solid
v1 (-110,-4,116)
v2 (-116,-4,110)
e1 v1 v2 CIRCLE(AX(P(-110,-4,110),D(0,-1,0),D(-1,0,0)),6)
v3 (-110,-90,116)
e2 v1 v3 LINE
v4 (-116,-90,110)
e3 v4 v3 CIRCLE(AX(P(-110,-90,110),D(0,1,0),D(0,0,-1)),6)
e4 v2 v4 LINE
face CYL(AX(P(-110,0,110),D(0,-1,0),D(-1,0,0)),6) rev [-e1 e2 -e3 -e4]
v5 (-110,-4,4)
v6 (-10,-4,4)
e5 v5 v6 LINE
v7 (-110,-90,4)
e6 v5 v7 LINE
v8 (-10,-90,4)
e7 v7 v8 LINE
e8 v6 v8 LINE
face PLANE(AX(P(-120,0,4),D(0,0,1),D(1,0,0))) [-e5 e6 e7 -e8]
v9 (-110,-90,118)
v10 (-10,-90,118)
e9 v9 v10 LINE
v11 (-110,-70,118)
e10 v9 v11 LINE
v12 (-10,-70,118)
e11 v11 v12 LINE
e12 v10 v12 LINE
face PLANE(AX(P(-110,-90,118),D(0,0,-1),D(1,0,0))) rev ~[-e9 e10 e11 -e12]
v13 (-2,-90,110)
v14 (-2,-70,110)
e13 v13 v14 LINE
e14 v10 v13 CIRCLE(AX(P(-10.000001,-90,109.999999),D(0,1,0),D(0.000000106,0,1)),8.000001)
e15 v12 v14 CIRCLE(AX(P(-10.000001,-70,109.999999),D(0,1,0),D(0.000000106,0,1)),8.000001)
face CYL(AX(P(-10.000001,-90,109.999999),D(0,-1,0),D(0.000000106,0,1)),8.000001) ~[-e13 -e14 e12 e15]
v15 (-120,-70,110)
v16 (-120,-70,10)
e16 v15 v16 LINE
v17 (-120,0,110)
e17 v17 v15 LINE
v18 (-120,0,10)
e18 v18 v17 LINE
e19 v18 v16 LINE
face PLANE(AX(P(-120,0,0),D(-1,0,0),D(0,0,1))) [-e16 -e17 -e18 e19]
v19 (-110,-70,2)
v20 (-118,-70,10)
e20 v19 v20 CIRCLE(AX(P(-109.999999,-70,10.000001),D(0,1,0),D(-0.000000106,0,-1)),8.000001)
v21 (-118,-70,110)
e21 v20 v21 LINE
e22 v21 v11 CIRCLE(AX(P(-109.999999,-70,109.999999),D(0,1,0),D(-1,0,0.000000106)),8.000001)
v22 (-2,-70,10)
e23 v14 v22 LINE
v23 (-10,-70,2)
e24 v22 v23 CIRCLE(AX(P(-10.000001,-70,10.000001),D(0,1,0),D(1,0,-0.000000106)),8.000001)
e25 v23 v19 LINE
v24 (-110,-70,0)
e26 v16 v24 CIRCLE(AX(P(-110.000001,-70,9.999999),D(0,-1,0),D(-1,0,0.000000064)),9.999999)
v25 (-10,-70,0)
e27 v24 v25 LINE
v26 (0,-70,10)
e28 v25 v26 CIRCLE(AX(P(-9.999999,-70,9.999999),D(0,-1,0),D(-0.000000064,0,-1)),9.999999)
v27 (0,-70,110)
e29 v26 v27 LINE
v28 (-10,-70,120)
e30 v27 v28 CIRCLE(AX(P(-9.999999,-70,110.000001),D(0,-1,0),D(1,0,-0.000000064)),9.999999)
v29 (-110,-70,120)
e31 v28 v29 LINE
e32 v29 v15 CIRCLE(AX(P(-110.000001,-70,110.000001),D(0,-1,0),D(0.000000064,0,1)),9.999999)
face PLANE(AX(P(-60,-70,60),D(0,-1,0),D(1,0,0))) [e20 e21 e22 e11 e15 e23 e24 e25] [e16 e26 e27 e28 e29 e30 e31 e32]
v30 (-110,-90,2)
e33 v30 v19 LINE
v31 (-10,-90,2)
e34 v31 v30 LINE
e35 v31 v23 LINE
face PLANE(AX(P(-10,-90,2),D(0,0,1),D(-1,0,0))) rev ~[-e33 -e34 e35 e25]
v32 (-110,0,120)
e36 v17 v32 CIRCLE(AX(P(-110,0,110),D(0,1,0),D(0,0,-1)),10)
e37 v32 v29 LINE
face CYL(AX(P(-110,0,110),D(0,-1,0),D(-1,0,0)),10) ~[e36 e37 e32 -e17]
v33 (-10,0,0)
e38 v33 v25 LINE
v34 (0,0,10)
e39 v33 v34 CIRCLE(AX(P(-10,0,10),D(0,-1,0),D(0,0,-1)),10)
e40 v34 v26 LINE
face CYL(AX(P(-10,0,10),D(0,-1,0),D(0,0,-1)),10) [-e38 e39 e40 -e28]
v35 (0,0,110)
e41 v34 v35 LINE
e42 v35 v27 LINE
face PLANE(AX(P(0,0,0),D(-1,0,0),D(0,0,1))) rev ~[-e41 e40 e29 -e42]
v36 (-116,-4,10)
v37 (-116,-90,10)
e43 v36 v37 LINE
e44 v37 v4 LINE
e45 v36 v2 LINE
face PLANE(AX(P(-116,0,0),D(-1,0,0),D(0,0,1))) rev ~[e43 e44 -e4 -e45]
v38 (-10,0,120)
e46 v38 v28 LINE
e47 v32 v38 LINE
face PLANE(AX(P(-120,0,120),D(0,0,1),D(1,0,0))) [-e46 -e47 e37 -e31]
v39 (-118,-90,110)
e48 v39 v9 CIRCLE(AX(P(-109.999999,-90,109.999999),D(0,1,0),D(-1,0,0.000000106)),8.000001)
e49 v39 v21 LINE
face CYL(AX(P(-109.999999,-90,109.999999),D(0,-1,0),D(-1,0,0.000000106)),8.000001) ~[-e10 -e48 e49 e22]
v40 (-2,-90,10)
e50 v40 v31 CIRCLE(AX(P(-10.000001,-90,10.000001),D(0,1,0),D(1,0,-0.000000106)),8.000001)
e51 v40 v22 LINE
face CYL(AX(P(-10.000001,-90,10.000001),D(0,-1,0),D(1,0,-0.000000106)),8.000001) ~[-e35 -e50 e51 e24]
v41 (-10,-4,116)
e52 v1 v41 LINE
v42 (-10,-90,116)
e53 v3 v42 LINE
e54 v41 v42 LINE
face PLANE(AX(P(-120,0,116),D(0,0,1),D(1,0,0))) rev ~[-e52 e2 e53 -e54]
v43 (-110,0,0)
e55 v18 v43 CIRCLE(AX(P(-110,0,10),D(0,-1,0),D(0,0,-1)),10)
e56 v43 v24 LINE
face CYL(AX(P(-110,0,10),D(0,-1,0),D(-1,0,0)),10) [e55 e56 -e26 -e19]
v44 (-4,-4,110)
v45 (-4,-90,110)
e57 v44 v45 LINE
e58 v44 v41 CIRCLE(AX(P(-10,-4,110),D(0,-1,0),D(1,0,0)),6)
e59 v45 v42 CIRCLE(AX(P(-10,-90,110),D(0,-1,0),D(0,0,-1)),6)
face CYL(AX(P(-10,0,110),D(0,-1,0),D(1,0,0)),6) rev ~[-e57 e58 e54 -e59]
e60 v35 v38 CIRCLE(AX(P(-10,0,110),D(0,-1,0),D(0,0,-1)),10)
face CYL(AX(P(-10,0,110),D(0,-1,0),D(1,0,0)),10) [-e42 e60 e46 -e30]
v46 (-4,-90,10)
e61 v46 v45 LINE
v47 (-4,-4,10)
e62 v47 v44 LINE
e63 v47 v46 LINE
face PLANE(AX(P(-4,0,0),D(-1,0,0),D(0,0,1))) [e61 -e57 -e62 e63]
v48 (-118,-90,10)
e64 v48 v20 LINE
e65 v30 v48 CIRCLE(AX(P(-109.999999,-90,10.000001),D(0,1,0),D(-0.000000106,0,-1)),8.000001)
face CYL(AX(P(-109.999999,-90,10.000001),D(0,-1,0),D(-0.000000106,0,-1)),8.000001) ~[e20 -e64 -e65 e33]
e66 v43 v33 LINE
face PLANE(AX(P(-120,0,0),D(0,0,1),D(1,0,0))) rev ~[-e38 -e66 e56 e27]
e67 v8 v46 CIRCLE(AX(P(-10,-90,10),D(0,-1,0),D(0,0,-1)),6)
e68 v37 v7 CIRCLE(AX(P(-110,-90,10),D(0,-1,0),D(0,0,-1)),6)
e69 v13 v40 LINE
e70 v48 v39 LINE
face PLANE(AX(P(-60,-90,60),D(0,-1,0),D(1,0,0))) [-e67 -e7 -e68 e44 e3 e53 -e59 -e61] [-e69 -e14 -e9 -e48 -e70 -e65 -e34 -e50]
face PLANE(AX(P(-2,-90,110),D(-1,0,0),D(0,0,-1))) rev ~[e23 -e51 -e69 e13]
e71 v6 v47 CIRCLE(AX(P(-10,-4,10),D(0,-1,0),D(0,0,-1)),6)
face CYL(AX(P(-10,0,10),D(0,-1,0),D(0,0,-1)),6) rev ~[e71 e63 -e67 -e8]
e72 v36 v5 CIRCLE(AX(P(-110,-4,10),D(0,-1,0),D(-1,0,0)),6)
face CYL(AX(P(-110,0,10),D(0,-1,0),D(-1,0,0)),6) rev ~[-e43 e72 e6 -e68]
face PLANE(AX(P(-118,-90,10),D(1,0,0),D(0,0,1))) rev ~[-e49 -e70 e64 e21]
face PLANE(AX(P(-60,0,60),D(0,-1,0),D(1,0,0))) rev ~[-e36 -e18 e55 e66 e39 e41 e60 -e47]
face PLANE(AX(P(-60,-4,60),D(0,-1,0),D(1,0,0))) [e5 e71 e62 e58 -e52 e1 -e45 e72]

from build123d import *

# Parameters (mm, degrees)
F0_W     = 120
F0_H     = 120
F1_DEPTH = 90
F2_R     = 10
F3_T     = -4
F5_DEPTH = 20


with BuildPart() as f1:
    # F0 (on Front) → F1 (new body)
    with BuildSketch(Plane.XZ):
        with Locations((-60, 60)):
            Rectangle(F0_W, F0_H)
    extrude(amount=F1_DEPTH)

    # F2
    f2_edges = [f1.edges().sort_by_distance(p)[0] for p in [
        (0, -45, 120),
        (-120, -45, 120),
        (0, -45, 0),
        (-120, -45, 0),
    ]]
    fillet(f2_edges, radius=F2_R)

    # F3
    f3_openings = [f1.faces().sort_by_distance(p)[0] for p in [
        (-60, -90, 60),
    ]]
    offset(amount=F3_T, openings=f3_openings)

    # F4 (on face) → F5 (cut)
    with BuildSketch(Plane.XZ.offset(90)):
        with BuildLine():
            Line((-120, 110), (-120, 10))
            ThreePointArc((-120, 10), (-117.071068, 2.928932), (-110, 0))
            Line((-110, 0), (-10, 0))
            ThreePointArc((-10, 0), (-2.928932, 2.928932), (0, 10))
            Line((0, 10), (0, 110))
            ThreePointArc((0, 110), (-2.928932, 117.071068), (-10, 120))
            Line((-10, 120), (-110, 120))
            ThreePointArc((-110, 120), (-117.071068, 117.071068), (-120, 110))
        make_face()
        with BuildLine():
            ThreePointArc((-110, 2), (-115.656854, 4.343146), (-118, 10))
            Line((-118, 10), (-118, 110))
            ThreePointArc((-118, 110), (-115.656854, 115.656854), (-110, 118))
            Line((-110, 118), (-10, 118))
            ThreePointArc((-10, 118), (-4.343146, 115.656854), (-2, 110))
            Line((-2, 110), (-2, 10))
            ThreePointArc((-2, 10), (-4.343146, 4.343146), (-10, 2))
            Line((-10, 2), (-110, 2))
        make_face(mode=Mode.SUBTRACT)
    extrude(amount=-F5_DEPTH, mode=Mode.SUBTRACT)


solid = f1.part
